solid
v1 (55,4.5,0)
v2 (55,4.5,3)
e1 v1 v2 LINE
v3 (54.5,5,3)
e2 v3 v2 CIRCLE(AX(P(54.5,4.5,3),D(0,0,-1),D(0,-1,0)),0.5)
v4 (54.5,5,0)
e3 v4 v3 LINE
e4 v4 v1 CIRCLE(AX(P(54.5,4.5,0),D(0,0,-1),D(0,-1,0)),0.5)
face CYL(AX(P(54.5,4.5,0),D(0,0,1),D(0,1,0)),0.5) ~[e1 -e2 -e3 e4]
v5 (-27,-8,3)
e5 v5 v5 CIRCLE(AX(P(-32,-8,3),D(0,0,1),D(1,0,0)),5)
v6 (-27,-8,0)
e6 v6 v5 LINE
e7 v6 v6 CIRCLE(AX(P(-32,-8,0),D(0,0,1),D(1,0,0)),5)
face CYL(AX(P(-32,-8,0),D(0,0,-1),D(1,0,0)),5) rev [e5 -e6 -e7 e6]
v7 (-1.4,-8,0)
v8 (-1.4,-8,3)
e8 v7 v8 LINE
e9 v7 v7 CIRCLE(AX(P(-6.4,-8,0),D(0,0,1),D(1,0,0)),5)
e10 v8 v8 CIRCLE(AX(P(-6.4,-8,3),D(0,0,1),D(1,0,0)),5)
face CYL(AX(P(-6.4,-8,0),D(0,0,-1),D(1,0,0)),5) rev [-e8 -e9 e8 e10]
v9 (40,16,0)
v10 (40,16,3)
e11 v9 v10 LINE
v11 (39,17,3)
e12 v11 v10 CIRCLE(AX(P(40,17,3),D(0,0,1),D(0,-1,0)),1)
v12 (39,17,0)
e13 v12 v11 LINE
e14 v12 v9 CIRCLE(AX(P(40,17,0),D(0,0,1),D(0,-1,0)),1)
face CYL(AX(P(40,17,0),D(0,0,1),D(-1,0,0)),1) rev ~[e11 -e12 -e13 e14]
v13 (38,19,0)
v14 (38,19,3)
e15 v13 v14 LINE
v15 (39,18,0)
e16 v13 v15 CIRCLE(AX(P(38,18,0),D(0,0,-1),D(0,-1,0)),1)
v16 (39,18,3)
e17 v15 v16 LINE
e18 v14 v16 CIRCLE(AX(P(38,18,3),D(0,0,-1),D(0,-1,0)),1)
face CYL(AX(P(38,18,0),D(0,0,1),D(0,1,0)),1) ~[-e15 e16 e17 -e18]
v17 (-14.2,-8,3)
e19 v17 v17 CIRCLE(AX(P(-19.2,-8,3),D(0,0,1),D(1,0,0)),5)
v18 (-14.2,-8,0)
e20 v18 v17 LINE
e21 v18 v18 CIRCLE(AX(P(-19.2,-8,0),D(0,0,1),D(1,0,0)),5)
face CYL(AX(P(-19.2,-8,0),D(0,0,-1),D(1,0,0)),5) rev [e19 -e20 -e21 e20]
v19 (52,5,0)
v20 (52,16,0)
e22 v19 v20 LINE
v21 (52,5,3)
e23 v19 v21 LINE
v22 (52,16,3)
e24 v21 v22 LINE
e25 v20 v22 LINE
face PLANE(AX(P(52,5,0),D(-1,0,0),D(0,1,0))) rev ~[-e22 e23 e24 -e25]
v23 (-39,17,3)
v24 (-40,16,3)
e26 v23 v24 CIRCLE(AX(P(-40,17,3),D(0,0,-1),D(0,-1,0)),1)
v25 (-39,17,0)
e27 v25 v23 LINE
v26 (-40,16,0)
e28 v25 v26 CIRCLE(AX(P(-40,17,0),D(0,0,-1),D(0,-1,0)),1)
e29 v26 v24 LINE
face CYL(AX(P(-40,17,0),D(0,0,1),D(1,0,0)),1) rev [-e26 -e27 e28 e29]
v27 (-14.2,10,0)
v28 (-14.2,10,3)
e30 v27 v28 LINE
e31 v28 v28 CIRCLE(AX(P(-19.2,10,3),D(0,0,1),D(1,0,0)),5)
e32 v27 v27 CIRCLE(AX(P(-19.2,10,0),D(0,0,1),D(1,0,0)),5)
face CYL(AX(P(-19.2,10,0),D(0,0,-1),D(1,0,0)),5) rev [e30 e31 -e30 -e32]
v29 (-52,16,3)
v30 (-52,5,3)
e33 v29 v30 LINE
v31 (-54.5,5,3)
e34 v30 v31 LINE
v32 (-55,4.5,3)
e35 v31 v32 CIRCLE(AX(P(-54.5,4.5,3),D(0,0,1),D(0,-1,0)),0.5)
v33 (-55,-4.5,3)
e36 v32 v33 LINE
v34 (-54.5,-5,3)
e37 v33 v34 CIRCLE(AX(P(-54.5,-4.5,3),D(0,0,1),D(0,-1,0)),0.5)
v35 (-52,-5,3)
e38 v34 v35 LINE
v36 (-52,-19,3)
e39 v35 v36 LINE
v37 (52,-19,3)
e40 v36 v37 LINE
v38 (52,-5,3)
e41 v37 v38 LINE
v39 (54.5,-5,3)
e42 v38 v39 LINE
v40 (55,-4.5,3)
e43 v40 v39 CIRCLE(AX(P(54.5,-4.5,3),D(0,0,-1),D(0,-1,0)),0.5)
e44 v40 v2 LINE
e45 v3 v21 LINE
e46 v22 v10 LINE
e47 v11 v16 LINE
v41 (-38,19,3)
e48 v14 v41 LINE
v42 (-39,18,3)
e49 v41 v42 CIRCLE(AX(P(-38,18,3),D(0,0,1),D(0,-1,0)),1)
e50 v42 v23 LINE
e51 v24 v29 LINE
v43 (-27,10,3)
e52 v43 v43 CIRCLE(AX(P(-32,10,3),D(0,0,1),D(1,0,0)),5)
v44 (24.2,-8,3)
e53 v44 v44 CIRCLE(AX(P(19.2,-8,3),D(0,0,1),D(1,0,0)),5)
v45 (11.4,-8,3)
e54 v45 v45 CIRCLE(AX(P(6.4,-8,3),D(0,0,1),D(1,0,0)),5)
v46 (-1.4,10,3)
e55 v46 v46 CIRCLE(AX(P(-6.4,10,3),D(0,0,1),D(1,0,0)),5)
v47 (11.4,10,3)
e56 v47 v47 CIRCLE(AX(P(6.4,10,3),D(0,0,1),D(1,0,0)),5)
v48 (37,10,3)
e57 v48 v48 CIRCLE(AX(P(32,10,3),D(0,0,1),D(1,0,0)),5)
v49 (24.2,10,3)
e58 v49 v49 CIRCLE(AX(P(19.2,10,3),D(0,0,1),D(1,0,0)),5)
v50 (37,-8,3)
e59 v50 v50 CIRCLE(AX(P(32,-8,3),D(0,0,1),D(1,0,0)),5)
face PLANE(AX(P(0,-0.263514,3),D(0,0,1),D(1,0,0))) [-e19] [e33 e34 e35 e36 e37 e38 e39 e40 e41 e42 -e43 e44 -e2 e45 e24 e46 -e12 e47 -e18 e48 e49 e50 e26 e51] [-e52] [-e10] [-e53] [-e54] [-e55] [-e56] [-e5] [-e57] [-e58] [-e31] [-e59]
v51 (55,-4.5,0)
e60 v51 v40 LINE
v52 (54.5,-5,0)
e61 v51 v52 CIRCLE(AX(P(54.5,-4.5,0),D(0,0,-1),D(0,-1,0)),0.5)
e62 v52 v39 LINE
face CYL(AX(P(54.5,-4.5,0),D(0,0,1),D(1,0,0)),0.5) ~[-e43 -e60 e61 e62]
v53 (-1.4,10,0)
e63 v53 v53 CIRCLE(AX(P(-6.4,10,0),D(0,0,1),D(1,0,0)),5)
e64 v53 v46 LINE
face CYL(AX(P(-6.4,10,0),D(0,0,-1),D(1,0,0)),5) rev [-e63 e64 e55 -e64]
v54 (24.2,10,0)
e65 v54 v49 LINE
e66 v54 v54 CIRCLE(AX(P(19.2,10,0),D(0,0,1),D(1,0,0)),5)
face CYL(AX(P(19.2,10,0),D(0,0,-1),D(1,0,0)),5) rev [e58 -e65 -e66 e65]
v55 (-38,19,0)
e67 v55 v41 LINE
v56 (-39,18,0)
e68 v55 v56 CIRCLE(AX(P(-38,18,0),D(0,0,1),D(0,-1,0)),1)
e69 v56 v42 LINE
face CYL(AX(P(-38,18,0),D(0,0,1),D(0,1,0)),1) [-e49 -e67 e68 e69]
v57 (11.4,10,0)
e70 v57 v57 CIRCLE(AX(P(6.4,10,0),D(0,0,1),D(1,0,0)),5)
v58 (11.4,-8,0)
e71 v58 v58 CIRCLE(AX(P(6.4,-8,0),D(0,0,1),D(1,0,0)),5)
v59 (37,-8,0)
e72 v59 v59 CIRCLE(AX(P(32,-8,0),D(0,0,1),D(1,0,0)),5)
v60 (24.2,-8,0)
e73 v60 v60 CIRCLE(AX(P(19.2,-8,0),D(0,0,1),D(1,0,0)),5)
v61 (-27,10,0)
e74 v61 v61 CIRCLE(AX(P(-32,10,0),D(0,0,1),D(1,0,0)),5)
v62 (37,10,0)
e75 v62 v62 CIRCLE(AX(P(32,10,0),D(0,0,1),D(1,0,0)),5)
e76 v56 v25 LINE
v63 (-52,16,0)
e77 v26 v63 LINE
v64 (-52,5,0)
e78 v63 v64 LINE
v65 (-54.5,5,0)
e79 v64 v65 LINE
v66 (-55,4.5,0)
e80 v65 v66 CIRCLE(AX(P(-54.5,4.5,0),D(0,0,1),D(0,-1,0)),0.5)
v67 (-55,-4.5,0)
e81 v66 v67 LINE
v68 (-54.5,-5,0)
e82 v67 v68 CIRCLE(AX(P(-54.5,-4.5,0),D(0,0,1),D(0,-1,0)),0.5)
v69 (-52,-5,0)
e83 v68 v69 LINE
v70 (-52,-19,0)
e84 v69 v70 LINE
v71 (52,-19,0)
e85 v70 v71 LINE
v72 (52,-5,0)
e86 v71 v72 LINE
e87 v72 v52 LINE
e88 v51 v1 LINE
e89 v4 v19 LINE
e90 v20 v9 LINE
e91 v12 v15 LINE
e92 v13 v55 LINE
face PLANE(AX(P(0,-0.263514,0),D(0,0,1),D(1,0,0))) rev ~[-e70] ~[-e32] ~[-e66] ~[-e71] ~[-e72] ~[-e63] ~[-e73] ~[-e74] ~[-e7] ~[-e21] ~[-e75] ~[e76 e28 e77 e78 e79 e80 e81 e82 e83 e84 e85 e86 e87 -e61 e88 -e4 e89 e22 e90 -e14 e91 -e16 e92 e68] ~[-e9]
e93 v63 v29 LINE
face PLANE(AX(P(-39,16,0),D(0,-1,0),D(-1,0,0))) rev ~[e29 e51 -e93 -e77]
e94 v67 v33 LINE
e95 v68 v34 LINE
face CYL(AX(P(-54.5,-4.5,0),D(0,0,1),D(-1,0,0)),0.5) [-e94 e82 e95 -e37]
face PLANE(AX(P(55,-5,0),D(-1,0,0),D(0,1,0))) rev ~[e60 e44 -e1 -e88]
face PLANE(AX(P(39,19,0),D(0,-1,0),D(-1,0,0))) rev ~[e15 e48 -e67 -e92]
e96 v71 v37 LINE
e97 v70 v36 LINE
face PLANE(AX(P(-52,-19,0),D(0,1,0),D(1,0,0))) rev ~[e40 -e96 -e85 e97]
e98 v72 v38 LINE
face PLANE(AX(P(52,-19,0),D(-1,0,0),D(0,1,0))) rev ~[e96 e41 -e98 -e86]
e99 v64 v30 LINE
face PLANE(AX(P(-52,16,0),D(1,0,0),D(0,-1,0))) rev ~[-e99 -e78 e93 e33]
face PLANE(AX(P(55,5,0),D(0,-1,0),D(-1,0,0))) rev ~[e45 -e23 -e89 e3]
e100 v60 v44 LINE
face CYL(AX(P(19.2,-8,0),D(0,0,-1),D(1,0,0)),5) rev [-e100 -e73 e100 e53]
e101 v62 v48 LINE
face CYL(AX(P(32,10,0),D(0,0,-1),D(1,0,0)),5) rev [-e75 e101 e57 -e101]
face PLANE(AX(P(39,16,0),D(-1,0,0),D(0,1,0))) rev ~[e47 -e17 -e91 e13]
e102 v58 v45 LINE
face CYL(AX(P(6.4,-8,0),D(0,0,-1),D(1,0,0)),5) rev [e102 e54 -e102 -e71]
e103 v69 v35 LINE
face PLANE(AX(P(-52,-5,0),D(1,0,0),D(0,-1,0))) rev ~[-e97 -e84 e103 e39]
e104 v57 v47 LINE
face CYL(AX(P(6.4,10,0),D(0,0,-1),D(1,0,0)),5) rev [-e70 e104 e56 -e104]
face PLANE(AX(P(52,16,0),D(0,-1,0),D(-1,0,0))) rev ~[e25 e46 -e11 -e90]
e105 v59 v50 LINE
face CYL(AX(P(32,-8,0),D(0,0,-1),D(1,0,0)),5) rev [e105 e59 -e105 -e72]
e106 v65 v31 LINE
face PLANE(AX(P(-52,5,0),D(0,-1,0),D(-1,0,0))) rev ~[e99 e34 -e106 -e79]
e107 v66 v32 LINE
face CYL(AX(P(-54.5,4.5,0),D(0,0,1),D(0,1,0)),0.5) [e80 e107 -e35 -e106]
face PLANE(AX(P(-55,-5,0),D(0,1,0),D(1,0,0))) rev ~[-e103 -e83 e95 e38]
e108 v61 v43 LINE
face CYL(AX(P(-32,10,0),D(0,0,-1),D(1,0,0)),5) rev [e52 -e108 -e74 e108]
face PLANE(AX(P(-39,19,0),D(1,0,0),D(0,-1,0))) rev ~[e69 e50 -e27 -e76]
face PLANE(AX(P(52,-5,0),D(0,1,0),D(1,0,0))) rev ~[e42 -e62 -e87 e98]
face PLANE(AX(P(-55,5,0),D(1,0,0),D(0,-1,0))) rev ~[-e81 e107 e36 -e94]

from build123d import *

# Parameters (mm, degrees)
SKETCH_1_R      = 5
EXTRUDE_1_DEPTH = 3
FILLET_1_R      = 0.5
FILLET_2_R      = 1
FILLET_3_R      = 1


with BuildPart() as part:
    # Эскиз1 → Бобышка-Вытянуть1 (new body)
    with BuildSketch(Plane.XY):
        Polygon((39, 19), (-39, 19), (-39, 16), (-52, 16), (-52, 5), (-55, 5), (-55, -5), (-52, -5), (-52, -19), (52, -19), (52, -5), (55, -5), (55, 5), (52, 5), (52, 16), (39, 16), align=None)
        with Locations((-32, -8)):
            Circle(SKETCH_1_R, mode=Mode.SUBTRACT)
        with Locations((-19.2, -8)):
            Circle(SKETCH_1_R, mode=Mode.SUBTRACT)
        with Locations((-6.4, -8)):
            Circle(SKETCH_1_R, mode=Mode.SUBTRACT)
        with Locations((6.4, -8)):
            Circle(SKETCH_1_R, mode=Mode.SUBTRACT)
        with Locations((19.2, -8)):
            Circle(SKETCH_1_R, mode=Mode.SUBTRACT)
        with Locations((32, -8)):
            Circle(SKETCH_1_R, mode=Mode.SUBTRACT)
        with Locations((-32, 10)):
            Circle(SKETCH_1_R, mode=Mode.SUBTRACT)
        with Locations((-19.2, 10)):
            Circle(SKETCH_1_R, mode=Mode.SUBTRACT)
        with Locations((-6.4, 10)):
            Circle(SKETCH_1_R, mode=Mode.SUBTRACT)
        with Locations((6.4, 10)):
            Circle(SKETCH_1_R, mode=Mode.SUBTRACT)
        with Locations((19.2, 10)):
            Circle(SKETCH_1_R, mode=Mode.SUBTRACT)
        with Locations((32, 10)):
            Circle(SKETCH_1_R, mode=Mode.SUBTRACT)
    extrude(amount=EXTRUDE_1_DEPTH)

    # Скругление1
    fillet_1_edges = [part.edges().sort_by_distance(p)[0] for p in [
        (55, 5, 1.5),
        (55, -5, 1.5),
        (-55, -5, 1.5),
        (-55, 5, 1.5),
    ]]
    fillet(fillet_1_edges, radius=FILLET_1_R)

    # Скругление2
    fillet_2_edges = [part.edges().sort_by_distance(p)[0] for p in [
        (-39, 16, 1.5),
        (-39, 19, 1.5),
    ]]
    fillet(fillet_2_edges, radius=FILLET_2_R)

    # Скругление3
    fillet_3_edges = [part.edges().sort_by_distance(p)[0] for p in [
        (39, 19, 1.5),
        (39, 16, 1.5),
    ]]
    fillet(fillet_3_edges, radius=FILLET_3_R)


solid = part.part
